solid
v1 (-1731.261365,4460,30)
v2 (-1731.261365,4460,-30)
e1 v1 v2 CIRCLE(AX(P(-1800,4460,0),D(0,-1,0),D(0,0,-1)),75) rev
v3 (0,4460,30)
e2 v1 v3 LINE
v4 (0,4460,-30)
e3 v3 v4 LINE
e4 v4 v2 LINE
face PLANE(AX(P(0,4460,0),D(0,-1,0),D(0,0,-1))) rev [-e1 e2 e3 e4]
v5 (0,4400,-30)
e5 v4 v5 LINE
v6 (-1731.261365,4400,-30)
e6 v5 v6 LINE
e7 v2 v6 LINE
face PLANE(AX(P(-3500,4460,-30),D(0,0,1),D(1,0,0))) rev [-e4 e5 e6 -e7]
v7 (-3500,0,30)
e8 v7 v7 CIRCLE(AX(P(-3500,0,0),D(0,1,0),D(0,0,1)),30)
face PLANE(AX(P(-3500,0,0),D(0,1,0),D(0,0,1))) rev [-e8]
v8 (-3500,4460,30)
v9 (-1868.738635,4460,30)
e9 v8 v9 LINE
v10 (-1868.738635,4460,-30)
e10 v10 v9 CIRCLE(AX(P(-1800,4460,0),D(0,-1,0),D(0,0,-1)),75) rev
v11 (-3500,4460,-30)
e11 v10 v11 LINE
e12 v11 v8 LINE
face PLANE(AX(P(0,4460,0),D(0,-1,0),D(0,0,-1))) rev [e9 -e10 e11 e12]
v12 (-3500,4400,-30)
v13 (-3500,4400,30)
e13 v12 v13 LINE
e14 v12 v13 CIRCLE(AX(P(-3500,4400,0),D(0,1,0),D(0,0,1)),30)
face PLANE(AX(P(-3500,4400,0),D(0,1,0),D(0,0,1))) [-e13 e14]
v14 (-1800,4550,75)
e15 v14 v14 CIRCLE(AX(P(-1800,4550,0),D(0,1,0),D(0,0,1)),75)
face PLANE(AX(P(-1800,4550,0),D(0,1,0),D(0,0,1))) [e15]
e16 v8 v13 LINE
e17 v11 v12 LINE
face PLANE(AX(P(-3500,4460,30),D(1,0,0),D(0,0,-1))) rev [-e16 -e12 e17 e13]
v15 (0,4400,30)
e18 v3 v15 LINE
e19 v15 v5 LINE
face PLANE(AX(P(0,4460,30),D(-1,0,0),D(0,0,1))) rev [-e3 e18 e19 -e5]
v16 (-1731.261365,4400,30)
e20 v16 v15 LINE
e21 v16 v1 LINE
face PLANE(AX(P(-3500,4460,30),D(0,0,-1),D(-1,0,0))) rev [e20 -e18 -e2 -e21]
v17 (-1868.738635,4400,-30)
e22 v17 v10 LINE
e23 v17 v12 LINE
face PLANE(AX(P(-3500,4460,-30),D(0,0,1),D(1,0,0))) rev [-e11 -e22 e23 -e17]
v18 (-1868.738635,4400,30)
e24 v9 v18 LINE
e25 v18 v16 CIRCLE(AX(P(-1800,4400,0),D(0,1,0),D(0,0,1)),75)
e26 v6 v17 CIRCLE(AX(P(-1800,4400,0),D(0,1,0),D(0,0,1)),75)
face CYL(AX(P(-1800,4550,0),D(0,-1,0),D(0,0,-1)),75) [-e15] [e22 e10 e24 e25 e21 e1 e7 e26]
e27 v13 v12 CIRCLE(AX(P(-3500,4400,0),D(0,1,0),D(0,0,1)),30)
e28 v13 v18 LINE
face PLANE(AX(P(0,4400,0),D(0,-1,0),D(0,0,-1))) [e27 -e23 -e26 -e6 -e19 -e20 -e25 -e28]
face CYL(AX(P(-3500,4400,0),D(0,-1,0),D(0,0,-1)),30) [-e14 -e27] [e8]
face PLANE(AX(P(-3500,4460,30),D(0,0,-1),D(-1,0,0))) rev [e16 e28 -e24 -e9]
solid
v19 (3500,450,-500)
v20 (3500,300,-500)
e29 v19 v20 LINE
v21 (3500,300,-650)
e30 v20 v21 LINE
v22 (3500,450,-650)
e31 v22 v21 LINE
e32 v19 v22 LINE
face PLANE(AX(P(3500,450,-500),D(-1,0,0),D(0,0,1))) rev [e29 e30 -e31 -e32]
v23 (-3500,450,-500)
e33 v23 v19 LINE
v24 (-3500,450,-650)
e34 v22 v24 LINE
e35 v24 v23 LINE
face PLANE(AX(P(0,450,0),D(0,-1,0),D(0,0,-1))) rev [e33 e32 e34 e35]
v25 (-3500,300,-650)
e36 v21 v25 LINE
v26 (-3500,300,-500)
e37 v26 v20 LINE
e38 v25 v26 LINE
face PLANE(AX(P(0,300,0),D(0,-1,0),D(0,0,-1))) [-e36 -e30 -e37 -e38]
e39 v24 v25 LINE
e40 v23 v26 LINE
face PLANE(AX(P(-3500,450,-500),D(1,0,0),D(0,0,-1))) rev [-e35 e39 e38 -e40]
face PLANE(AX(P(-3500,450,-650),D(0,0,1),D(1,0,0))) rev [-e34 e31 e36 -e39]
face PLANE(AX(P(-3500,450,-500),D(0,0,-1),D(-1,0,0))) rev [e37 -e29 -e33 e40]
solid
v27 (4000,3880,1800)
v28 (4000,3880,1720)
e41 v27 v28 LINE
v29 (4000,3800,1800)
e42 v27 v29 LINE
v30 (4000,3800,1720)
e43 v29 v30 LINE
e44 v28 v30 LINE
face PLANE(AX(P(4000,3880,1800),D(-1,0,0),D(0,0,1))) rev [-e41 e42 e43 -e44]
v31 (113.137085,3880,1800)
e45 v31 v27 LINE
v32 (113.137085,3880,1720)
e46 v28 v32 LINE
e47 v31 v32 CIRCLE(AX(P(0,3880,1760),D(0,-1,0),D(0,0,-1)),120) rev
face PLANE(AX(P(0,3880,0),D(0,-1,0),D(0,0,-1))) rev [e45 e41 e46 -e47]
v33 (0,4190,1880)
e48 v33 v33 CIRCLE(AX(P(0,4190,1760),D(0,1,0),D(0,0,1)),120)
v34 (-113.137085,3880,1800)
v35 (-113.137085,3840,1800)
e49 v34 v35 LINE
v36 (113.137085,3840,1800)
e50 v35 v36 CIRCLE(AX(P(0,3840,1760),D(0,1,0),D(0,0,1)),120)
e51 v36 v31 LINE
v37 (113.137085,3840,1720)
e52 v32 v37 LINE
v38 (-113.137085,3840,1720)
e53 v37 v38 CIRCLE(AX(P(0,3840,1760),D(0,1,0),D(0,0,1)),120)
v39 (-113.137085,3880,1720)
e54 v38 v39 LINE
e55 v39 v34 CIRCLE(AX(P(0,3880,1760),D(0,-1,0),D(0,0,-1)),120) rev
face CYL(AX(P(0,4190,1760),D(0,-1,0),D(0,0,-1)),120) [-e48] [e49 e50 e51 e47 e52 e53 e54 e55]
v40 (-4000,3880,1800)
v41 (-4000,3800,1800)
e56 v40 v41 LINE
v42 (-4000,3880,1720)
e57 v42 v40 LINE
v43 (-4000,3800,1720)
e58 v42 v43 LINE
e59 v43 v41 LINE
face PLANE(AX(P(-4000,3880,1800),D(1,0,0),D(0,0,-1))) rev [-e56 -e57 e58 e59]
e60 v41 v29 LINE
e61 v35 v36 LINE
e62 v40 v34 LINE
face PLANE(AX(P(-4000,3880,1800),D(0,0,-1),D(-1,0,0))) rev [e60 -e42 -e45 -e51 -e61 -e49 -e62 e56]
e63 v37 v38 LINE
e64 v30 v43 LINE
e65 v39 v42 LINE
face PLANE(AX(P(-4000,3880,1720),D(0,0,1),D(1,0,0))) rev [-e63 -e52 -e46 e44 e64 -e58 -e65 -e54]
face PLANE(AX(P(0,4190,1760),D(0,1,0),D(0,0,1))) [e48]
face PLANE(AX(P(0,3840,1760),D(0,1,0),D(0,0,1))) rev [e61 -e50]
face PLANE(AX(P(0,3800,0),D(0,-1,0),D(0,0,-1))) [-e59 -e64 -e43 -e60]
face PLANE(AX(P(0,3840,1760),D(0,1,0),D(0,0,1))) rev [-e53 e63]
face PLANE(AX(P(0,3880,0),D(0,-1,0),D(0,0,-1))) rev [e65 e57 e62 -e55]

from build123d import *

# Parameters (mm, degrees)
SKETCH1_R           = 30
BOSS_EXTRUDE1_DEPTH = 4400
BOSS_EXTRUDE2_START = 4400
SKETCH2_W           = 3500
SKETCH2_H           = 60
BOSS_EXTRUDE2_DEPTH = 60
BOSS_EXTRUDE3_START = 4400
SKETCH3_R           = 75
BOSS_EXTRUDE3_DEPTH = 150
BOSS_EXTRUDE4_START = 3800
SKETCH4_W           = 8000
SKETCH4_H           = 80
BOSS_EXTRUDE4_DEPTH = 80
BOSS_EXTRUDE5_START = 3840
SKETCH5_R           = 120
BOSS_EXTRUDE5_DEPTH = 350
BOSS_EXTRUDE6_START = 300
SKETCH6_W           = 7000
SKETCH6_H           = 150
BOSS_EXTRUDE6_DEPTH = 150


with BuildPart() as part:
    # Sketch1 → Boss-Extrude1 (new body)
    with BuildSketch(Plane(origin=(0, 0, 0), x_dir=(1, 0, 0), z_dir=(0, 1, 0))):
        with Locations(Location((-3500, 0, 0), (0, 0, 270))):
            Circle(SKETCH1_R)
    extrude(amount=BOSS_EXTRUDE1_DEPTH)

    # Sketch2 → Boss-Extrude2 (add)
    with BuildSketch(Plane(origin=(0, 0, 0), x_dir=(1, 0, 0), z_dir=(0, 1, 0)).offset(BOSS_EXTRUDE2_START)):
        with Locations((-1750, 0)):
            Rectangle(SKETCH2_W, SKETCH2_H)
    extrude(amount=BOSS_EXTRUDE2_DEPTH)

    # Sketch3 → Boss-Extrude3 (add)
    with BuildSketch(Plane(origin=(0, 0, 0), x_dir=(1, 0, 0), z_dir=(0, 1, 0)).offset(BOSS_EXTRUDE3_START)):
        with Locations(Location((-1800, 0, 0), (0, 0, 23.578178478))):
            Circle(SKETCH3_R)
    extrude(amount=BOSS_EXTRUDE3_DEPTH)


with BuildPart() as body_2:
    # Sketch4 → Boss-Extrude4 (new body)
    with BuildSketch(Plane(origin=(0, 0, 0), x_dir=(1, 0, 0), z_dir=(0, 1, 0)).offset(BOSS_EXTRUDE4_START)):
        with Locations((0, -1760)):
            Rectangle(SKETCH4_W, SKETCH4_H)
    extrude(amount=BOSS_EXTRUDE4_DEPTH)

    # Sketch5 → Boss-Extrude5 (add)
    with BuildSketch(Plane(origin=(0, 0, 0), x_dir=(1, 0, 0), z_dir=(0, 1, 0)).offset(BOSS_EXTRUDE5_START)):
        with Locations(Location((0, -1760, 0), (0, 0, 160.528779366))):
            Circle(SKETCH5_R)
    extrude(amount=BOSS_EXTRUDE5_DEPTH)


with BuildPart() as body_3:
    # Sketch6 → Boss-Extrude6 (new body)
    with BuildSketch(Plane(origin=(0, 0, 0), x_dir=(1, 0, 0), z_dir=(0, 1, 0)).offset(BOSS_EXTRUDE6_START)):
        with Locations((0, 575)):
            Rectangle(SKETCH6_W, SKETCH6_H)
    extrude(amount=BOSS_EXTRUDE6_DEPTH)


solid = Compound([part.part, body_2.part, body_3.part])
